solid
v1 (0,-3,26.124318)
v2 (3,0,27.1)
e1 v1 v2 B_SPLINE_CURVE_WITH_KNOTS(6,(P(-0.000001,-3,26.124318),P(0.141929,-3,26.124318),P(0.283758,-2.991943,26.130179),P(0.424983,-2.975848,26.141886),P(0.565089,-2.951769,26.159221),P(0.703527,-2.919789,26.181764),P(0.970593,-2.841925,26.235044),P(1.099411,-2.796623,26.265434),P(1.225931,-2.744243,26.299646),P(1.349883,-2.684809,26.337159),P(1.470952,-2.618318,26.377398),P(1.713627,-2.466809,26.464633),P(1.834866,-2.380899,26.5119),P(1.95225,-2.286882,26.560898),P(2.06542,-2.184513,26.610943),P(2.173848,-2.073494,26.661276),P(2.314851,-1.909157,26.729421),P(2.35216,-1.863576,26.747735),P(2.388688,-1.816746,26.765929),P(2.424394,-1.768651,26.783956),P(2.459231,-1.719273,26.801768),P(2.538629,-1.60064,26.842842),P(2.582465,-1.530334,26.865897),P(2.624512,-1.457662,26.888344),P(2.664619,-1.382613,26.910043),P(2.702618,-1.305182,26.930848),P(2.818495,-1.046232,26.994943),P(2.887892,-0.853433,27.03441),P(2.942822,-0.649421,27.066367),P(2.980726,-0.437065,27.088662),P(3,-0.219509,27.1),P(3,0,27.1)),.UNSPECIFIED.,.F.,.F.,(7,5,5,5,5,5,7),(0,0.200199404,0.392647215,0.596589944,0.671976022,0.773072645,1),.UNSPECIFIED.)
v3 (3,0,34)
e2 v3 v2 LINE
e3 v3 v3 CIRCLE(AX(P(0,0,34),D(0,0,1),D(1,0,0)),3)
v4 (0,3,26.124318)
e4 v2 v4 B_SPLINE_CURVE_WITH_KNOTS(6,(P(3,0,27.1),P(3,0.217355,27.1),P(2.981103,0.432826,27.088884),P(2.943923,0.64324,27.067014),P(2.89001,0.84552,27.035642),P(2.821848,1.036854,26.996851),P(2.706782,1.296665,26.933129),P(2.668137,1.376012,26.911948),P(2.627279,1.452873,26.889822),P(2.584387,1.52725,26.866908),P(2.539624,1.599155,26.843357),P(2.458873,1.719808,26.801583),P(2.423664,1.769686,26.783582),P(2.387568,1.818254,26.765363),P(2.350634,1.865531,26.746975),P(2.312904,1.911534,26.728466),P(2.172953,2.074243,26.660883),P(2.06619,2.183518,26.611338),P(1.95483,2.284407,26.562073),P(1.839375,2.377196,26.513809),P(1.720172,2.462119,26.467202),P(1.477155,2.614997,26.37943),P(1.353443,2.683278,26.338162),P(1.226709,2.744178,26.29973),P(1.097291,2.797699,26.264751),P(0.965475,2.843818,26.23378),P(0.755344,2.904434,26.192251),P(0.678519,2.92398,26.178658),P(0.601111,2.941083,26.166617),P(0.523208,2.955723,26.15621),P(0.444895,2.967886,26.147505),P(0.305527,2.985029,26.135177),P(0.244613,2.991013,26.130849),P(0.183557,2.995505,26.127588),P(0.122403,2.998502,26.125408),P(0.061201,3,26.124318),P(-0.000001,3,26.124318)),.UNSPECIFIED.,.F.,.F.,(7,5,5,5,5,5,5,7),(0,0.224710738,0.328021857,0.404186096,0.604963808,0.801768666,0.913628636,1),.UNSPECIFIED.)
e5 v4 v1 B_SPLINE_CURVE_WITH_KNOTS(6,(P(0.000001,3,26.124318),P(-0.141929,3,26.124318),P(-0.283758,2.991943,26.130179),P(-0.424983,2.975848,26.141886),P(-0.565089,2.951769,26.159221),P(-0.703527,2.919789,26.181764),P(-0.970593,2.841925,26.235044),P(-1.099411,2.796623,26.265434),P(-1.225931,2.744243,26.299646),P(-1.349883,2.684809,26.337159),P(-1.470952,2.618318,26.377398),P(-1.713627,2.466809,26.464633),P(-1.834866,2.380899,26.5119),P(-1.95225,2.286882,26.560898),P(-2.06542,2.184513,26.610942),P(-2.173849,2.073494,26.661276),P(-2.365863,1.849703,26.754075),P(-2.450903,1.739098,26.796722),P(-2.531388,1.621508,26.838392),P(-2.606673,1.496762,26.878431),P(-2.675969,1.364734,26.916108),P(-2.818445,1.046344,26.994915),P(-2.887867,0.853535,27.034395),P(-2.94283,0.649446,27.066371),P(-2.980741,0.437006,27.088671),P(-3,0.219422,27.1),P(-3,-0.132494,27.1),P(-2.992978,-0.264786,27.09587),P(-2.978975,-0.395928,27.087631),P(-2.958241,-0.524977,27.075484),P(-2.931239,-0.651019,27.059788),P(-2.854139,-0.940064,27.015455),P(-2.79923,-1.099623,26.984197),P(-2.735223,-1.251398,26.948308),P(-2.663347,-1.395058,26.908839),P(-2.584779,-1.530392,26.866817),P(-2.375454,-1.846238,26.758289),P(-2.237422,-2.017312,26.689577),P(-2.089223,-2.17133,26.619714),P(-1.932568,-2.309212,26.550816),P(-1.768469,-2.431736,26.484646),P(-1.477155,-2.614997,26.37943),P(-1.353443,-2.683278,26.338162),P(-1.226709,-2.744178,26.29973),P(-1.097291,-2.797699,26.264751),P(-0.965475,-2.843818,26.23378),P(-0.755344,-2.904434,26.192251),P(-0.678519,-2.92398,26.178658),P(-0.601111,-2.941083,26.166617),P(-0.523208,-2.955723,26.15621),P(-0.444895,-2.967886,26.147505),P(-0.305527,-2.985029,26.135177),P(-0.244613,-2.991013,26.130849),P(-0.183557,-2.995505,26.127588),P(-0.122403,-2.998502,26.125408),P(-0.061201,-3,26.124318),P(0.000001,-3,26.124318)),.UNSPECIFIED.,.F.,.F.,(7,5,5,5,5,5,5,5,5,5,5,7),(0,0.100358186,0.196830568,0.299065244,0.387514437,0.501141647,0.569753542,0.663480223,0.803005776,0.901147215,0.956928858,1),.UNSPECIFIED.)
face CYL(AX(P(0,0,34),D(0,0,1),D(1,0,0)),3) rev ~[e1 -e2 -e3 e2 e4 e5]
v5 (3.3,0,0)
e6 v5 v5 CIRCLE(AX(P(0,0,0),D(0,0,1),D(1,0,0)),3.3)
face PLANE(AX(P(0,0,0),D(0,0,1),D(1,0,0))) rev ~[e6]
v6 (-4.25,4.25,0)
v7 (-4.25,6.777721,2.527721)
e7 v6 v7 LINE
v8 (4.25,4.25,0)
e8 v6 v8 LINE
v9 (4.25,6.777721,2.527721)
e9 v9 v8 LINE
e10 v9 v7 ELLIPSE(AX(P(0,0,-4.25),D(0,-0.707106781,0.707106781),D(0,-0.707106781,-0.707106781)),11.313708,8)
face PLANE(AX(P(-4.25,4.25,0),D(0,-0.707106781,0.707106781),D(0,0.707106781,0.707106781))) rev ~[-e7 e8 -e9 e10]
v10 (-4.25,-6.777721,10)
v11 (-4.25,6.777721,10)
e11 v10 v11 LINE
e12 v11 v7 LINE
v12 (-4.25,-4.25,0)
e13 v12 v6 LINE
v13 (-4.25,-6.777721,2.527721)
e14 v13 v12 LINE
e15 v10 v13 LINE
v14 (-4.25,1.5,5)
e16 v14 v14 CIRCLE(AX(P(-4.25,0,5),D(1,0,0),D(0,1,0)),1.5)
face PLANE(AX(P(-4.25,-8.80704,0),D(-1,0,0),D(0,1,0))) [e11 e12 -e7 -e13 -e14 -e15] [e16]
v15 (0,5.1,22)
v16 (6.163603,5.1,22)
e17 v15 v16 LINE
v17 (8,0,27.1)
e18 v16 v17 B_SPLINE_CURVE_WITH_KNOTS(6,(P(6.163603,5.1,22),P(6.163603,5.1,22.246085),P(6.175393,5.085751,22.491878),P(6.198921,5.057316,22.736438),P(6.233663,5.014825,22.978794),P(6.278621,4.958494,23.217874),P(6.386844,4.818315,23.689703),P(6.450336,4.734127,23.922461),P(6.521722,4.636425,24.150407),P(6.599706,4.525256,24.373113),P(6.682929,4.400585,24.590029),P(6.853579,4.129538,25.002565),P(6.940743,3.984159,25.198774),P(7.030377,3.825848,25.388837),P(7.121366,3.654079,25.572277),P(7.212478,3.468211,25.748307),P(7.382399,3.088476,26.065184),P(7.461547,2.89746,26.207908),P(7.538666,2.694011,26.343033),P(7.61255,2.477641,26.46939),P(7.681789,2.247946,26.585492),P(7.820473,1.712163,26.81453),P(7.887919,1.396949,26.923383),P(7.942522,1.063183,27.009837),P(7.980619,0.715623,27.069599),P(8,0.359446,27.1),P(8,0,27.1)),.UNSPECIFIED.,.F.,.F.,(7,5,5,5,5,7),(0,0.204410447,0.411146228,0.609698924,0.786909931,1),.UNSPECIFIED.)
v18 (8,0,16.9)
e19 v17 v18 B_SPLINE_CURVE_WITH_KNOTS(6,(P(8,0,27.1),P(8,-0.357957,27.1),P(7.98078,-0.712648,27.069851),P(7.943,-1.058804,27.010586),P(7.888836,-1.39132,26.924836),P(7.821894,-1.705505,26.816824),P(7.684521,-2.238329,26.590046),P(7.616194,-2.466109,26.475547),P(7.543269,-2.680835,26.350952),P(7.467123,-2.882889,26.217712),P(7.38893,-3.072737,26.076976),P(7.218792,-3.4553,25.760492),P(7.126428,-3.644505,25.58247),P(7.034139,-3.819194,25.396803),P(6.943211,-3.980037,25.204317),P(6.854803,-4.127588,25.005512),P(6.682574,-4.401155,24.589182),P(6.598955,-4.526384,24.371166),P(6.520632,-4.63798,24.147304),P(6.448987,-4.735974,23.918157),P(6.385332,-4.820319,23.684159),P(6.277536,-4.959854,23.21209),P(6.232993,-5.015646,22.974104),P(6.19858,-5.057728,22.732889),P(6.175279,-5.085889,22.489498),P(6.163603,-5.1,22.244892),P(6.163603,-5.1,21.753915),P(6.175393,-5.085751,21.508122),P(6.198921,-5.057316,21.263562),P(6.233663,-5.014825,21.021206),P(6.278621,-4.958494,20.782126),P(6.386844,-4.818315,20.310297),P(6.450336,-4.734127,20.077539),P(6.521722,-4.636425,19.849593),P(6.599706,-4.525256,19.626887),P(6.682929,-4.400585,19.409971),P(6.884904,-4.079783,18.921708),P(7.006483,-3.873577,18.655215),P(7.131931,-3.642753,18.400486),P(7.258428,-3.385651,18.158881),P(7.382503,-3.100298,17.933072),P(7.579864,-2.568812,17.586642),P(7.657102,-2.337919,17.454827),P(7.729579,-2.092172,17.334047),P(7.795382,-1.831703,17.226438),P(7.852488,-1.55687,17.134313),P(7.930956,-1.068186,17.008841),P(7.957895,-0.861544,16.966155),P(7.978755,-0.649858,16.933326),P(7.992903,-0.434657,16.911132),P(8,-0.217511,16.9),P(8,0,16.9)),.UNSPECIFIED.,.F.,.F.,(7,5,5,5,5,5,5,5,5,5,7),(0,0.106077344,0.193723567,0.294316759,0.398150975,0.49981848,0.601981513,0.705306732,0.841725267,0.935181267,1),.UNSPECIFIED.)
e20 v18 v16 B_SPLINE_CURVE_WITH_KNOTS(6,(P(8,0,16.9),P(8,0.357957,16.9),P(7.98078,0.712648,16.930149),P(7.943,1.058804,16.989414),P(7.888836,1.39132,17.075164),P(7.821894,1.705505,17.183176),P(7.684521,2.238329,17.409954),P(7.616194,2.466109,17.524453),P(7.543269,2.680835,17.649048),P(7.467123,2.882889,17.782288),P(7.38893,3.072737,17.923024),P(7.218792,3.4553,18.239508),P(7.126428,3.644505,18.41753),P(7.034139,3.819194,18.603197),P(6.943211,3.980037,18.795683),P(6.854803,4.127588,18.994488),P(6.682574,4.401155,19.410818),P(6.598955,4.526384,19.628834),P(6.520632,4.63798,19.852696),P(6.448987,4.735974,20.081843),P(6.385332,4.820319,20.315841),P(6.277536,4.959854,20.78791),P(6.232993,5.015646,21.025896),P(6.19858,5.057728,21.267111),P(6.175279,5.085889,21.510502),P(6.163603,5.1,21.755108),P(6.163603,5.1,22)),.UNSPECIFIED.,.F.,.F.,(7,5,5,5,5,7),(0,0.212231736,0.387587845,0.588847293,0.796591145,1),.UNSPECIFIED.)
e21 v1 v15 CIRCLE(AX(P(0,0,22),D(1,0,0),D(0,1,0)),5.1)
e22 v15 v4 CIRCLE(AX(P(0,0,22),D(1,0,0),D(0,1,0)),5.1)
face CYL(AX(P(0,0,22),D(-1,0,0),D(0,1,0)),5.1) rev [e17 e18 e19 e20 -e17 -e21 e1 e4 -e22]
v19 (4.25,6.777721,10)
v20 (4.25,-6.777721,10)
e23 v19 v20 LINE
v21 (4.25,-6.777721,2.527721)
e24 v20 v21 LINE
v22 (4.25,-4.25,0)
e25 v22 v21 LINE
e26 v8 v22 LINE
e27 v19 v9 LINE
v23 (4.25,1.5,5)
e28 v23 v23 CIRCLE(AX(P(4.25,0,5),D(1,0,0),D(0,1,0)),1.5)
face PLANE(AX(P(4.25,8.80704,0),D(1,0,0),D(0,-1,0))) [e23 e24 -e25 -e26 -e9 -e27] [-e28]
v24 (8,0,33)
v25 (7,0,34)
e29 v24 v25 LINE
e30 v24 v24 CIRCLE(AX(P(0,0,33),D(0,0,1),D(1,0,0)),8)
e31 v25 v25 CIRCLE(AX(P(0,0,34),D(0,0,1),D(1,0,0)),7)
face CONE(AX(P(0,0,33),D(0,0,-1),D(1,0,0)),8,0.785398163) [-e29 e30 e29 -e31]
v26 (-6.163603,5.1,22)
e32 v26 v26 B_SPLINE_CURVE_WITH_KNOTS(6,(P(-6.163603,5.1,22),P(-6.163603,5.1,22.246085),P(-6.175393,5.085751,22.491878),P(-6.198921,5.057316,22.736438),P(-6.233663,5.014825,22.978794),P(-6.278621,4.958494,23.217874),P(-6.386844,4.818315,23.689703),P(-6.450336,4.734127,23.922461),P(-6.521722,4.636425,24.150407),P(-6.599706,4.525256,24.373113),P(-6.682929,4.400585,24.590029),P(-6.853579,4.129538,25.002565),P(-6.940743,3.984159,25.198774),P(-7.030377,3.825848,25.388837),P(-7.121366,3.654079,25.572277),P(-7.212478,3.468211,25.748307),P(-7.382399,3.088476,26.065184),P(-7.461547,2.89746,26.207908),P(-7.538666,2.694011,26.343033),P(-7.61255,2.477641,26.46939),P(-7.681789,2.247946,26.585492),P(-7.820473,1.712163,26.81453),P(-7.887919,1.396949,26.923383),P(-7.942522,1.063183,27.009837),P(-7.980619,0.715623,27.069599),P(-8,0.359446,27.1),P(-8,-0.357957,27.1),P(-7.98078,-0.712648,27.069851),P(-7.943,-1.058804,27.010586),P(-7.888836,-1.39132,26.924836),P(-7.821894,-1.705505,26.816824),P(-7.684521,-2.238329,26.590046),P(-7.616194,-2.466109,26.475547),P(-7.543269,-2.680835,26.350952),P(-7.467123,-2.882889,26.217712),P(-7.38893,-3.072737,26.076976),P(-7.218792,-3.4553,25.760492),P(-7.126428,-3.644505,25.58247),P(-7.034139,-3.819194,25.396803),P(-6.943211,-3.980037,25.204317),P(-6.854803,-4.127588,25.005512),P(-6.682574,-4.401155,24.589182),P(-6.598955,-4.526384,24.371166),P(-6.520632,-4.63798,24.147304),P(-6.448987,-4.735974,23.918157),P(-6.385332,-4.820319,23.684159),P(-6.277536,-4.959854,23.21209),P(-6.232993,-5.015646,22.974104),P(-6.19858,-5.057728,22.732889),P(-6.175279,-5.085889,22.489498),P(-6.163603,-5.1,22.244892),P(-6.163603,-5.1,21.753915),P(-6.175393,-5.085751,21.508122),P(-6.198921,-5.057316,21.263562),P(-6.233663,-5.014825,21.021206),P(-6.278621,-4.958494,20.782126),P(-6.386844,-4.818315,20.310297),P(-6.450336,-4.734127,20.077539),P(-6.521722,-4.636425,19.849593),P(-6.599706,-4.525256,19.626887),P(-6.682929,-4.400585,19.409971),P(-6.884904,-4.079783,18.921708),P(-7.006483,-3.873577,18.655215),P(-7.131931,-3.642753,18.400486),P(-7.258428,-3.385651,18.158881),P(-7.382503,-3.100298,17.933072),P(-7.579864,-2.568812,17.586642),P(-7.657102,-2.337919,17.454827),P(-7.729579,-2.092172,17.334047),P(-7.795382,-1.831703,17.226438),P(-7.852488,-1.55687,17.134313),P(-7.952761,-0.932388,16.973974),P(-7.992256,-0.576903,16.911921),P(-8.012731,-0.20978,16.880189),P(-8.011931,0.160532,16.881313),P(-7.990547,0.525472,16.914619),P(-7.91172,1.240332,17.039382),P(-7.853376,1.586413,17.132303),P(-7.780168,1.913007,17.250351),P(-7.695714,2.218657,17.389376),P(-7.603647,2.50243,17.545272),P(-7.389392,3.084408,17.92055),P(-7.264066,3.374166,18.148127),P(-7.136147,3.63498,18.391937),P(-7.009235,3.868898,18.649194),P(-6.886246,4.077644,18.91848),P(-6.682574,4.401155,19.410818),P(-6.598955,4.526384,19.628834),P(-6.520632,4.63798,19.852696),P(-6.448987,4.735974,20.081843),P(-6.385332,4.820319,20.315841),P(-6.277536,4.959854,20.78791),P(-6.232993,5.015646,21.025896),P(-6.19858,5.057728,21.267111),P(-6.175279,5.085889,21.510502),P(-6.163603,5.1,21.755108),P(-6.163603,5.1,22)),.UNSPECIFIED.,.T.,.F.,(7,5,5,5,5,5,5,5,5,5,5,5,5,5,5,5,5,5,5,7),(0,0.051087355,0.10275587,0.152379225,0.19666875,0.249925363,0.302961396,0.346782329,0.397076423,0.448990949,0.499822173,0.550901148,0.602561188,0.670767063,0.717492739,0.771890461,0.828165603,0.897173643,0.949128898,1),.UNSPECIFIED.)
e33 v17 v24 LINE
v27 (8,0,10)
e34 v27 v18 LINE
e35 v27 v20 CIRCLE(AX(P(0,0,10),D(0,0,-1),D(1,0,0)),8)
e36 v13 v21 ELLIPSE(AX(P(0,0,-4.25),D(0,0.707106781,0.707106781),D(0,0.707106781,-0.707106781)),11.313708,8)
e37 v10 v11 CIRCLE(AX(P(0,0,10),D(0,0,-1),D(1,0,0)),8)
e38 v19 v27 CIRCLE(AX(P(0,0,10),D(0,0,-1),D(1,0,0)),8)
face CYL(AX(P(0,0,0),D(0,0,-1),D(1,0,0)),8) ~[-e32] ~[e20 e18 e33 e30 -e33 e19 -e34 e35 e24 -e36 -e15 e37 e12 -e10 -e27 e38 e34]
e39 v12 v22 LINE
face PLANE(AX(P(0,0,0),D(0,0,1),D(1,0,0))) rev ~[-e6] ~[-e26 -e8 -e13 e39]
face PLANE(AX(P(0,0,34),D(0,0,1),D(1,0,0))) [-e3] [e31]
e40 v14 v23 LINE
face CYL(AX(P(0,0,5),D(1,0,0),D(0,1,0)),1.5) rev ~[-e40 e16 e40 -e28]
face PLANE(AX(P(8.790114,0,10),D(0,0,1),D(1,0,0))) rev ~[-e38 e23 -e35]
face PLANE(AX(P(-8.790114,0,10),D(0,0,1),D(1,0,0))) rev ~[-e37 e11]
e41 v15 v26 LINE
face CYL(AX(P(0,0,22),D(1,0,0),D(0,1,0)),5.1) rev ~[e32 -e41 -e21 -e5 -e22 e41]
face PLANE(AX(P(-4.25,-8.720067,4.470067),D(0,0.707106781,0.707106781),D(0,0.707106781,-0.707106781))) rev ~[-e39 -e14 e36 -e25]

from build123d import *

# Parameters (mm, degrees)
F0_R      = 8
F1_DEPTH  = 34
F2_R      = 5.1
F2_R_2    = 1.5
F3_DEPTH  = 50
F4_SIZE   = 1
F6_DEPTH  = 10
F8_DEPTH  = 25
F9_R      = 3.3
F10_DEPTH = 12
F12_R     = 3
F13_DEPTH = 12


with BuildPart() as f1:
    # F0 (on Top) → F1 (new body)
    with BuildSketch(Plane.XY):
        Circle(F0_R)
    extrude(amount=F1_DEPTH)

    # F2 (on Right) → F3 (cut, symmetric)
    with BuildSketch(Plane.YZ):
        with Locations((0, 22)):
            Circle(F2_R)
        with Locations((0, 5)):
            Circle(F2_R_2)
    extrude(amount=F3_DEPTH, both=True, mode=Mode.SUBTRACT)

    # F4
    f4_edges = [f1.edges().sort_by_distance(p)[0] for p in [
        (-8, 0, 34),
    ]]
    chamfer(f4_edges, length=F4_SIZE)

    # F5 (on Top) → F6 (cut)
    with BuildSketch(Plane.XY):
        Polygon((13.330229, -8.80704), (13.330229, 8.80704), (4.25, 8.80704), (4.25, 0), (4.25, -8.80704), align=None)
        Polygon((-4.25, 8.80704), (-13.330229, 8.80704), (-13.330229, -8.80704), (-4.25, -8.80704), (-4.25, 0), align=None)
    extrude(amount=F6_DEPTH, mode=Mode.SUBTRACT)

    # F7 (on face) → F8 (cut)
    with BuildSketch(Plane(origin=(-4.25, 0, 0), x_dir=(0, -1, 0), z_dir=(-1, 0, 0))):
        Polygon((-9.396474, 0), (-4.25, 0), (-9.098946, 4.848946), align=None)
        Polygon((8.720067, 4.470067), (4.25, 0), (10.144616, 0), align=None)
    extrude(amount=-F8_DEPTH, mode=Mode.SUBTRACT)

    # F9 (on Top) → F10 (cut)
    with BuildSketch(Plane.XY):
        Circle(F9_R)
    extrude(amount=-F10_DEPTH, mode=Mode.SUBTRACT)

    # F12 (on face) → F13 (cut)
    with BuildSketch(Plane.XY.offset(34)):
        Circle(F12_R)
    extrude(amount=-F13_DEPTH, mode=Mode.SUBTRACT)


solid = f1.part
